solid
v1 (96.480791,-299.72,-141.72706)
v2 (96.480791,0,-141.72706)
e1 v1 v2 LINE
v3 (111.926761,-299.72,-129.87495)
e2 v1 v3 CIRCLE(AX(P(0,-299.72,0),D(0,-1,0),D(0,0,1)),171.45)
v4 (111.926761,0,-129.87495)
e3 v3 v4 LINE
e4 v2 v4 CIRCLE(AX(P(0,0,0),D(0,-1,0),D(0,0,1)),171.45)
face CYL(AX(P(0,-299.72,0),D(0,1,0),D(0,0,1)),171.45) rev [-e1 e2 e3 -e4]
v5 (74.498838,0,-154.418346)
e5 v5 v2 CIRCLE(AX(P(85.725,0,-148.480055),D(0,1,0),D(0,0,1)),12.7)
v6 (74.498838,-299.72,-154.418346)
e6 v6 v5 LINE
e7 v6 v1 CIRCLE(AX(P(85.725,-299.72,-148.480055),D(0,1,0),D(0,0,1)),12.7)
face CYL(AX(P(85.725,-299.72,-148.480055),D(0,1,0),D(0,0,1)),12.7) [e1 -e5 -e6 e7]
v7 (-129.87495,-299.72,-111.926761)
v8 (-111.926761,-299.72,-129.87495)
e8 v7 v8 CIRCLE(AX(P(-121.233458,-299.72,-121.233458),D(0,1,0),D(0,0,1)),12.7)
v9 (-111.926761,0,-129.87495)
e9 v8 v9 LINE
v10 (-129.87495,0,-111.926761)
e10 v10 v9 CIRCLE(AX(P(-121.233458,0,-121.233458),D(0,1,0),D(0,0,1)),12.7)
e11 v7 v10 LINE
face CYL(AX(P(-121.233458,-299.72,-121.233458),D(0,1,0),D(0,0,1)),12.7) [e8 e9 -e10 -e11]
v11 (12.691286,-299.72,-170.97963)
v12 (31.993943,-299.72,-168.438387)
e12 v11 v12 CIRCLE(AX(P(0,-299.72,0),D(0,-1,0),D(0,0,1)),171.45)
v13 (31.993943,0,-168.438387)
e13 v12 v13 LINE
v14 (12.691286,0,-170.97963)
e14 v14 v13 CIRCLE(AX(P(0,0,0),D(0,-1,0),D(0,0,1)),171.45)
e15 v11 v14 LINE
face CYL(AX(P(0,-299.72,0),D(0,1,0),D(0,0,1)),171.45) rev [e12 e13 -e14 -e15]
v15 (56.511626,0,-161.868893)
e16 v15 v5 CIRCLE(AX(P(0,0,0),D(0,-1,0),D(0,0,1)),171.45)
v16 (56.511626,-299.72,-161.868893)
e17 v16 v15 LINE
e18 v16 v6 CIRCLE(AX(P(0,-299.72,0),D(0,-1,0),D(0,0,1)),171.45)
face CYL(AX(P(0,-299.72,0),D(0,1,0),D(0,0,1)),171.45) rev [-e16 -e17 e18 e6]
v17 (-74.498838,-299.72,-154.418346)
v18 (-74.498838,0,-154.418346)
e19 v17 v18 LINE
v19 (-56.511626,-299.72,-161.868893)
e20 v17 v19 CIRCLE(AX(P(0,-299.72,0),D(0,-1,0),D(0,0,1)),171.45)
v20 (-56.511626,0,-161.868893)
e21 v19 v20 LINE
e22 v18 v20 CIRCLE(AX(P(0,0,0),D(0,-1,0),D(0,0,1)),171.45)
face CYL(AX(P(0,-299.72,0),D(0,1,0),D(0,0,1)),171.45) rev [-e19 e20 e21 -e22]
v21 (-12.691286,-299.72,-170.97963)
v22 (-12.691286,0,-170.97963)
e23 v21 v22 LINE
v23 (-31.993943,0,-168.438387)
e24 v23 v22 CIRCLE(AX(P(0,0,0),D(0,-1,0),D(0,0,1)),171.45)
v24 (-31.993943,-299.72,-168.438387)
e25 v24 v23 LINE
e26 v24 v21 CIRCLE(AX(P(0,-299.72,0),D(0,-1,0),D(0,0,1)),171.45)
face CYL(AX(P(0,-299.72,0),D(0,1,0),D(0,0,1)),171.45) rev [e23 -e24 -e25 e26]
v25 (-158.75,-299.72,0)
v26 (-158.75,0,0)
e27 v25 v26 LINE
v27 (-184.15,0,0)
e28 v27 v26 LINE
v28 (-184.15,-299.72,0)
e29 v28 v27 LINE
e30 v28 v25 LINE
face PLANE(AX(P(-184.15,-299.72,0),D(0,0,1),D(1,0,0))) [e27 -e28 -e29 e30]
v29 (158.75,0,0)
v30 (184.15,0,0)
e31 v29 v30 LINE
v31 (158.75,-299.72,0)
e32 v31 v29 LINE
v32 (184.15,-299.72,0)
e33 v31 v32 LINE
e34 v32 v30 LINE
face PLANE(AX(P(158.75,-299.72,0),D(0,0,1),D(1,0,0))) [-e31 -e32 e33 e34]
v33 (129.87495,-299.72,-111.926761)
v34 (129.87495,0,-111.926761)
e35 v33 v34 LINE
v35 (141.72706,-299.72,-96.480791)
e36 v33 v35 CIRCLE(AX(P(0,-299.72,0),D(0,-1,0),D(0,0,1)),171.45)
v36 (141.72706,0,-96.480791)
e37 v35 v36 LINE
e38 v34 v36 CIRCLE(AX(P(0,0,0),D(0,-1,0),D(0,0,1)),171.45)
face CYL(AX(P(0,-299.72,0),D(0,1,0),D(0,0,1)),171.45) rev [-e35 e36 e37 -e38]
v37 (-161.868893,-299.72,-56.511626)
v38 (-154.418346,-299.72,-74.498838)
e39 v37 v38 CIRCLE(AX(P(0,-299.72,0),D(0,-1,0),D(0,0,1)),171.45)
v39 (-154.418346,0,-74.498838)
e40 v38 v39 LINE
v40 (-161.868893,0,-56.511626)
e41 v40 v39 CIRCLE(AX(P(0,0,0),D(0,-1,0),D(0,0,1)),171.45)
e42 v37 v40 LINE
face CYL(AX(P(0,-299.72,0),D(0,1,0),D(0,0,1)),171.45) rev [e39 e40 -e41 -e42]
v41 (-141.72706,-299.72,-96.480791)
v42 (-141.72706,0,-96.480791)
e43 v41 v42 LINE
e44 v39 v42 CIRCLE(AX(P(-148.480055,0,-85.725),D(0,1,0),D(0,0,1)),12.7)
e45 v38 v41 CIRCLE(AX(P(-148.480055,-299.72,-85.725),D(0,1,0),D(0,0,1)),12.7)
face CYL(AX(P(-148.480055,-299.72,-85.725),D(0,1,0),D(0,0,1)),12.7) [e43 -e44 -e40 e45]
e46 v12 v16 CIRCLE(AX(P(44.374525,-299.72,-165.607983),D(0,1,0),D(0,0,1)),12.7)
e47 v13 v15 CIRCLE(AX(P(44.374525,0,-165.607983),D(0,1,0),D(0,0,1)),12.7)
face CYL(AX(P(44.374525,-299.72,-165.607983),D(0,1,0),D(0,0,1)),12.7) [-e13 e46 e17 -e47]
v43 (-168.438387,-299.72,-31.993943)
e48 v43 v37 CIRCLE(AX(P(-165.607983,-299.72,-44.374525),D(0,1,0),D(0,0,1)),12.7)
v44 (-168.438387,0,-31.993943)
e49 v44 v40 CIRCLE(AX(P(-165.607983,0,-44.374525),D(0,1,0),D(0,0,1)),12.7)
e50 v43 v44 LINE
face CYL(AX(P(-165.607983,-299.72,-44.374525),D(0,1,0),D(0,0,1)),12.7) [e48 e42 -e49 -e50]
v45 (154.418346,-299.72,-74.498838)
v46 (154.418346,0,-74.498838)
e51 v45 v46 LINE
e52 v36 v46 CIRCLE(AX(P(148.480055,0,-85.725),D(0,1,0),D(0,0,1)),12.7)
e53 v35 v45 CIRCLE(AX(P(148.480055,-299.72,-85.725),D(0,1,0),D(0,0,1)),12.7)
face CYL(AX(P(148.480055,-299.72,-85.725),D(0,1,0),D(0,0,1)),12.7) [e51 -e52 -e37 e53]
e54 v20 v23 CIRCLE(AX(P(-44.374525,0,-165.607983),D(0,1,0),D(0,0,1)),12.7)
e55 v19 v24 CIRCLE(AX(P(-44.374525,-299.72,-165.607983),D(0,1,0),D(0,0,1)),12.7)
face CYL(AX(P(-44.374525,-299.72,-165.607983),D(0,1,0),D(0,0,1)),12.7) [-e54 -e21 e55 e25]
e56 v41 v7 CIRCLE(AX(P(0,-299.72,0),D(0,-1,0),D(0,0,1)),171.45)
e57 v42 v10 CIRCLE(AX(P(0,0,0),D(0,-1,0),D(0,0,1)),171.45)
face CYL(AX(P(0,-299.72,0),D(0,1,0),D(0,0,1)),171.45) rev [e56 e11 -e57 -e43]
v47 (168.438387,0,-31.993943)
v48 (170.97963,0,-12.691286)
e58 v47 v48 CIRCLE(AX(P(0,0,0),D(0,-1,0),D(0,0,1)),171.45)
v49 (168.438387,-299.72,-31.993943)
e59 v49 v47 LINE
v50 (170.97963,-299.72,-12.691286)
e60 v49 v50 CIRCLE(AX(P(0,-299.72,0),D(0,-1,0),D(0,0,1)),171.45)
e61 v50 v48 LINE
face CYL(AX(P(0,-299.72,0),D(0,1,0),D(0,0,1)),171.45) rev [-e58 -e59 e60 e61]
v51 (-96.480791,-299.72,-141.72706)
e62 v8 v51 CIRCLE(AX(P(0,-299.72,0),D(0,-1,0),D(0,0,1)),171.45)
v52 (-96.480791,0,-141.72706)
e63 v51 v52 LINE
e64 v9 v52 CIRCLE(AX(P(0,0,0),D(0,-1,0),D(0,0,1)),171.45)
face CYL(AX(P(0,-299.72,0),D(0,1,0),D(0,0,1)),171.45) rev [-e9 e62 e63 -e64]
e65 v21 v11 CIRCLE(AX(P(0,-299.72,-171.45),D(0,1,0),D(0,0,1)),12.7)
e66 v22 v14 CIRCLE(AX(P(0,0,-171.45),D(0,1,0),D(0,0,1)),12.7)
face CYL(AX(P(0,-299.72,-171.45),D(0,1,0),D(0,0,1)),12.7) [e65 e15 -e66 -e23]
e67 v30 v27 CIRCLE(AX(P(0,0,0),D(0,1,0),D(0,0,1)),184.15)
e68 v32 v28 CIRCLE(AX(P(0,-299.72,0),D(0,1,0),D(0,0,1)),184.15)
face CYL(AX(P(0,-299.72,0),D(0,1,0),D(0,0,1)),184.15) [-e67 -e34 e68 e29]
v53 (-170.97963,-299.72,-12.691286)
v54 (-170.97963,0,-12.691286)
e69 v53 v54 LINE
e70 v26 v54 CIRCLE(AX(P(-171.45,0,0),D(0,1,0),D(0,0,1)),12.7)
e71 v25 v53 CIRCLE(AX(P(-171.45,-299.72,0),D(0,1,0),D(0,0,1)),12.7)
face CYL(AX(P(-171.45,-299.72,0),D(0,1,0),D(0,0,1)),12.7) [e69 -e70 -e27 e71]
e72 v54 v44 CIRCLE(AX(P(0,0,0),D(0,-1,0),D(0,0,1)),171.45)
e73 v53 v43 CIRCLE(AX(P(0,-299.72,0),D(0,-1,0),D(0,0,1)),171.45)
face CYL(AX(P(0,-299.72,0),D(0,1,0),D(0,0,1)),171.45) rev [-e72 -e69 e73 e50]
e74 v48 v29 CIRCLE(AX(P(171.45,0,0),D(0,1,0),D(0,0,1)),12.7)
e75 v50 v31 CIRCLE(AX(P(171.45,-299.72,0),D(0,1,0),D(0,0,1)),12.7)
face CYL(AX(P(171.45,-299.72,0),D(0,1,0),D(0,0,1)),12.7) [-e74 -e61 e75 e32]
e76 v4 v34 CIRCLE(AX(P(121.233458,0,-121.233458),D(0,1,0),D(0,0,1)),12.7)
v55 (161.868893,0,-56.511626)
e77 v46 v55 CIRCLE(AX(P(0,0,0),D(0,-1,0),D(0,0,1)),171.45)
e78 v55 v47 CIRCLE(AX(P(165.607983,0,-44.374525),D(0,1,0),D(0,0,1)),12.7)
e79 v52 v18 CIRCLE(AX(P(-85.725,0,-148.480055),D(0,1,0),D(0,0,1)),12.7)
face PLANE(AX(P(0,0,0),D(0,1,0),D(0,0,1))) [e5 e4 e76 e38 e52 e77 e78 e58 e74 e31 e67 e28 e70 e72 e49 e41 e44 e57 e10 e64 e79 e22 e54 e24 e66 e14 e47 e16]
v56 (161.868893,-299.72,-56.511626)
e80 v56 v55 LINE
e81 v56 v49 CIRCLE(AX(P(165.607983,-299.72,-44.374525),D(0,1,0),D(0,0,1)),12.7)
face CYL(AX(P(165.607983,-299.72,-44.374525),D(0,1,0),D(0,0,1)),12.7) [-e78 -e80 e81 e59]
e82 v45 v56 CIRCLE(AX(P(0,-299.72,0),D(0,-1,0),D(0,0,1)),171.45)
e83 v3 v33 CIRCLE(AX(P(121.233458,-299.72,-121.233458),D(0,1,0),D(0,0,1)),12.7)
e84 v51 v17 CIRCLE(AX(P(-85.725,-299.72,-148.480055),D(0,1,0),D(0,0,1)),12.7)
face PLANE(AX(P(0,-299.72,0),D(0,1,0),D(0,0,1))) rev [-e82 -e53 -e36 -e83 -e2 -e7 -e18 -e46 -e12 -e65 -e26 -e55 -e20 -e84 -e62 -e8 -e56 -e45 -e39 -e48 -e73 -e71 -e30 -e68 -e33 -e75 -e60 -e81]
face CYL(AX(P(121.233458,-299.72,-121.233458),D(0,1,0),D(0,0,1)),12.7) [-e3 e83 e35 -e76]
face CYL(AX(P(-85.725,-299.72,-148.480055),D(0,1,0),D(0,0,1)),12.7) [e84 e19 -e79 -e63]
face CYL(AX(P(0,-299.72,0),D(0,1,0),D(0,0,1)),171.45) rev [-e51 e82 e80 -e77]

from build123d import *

# Parameters (mm, degrees)
BOSS_EXTRUDE1_DEPTH = 299.72


with BuildPart() as part:
    # Sketch1 → Boss-Extrude1 (new body)
    with BuildSketch(Plane(origin=(0, 0, 0), x_dir=(1, 0, 0), z_dir=(0, 1, 0))):
        with BuildLine():
            Line((158.75, 0), (184.15, 0))
            ThreePointArc((184.15, 0), (0, 184.15), (-184.15, 0))
            Line((-184.15, 0), (-158.75, 0))
            ThreePointArc((-158.75, 0), (-162.304954792, 8.812386064), (-170.97962963, 12.691286448))
            ThreePointArc((-170.97962963, 12.691286448), (-169.983221483, 22.378715656), (-168.438386668, 31.993943123))
            ThreePointArc((-168.438386668, 31.993943123), (-153.340724923, 41.08752341), (-161.868893389, 56.511625822))
            ThreePointArc((-161.868893389, 56.511625822), (-158.399145849, 65.611074479), (-154.418346013, 74.498838344))
            ThreePointArc((-154.418346013, 74.498838344), (-137.481532851, 79.375), (-141.727059565, 96.480791286))
            ThreePointArc((-141.727059565, 96.480791286), (-136.020430193, 104.372147004), (-129.874950266, 111.926760846))
            ThreePointArc((-129.874950266, 111.926760846), (-112.253201513, 112.253201513), (-111.926760846, 129.874950266))
            ThreePointArc((-111.926760846, 129.874950266), (-104.372147004, 136.020430193), (-96.480791286, 141.727059565))
            ThreePointArc((-96.480791286, 141.727059565), (-79.375, 137.481532851), (-74.498838344, 154.418346013))
            ThreePointArc((-74.498838344, 154.418346013), (-65.611074479, 158.399145849), (-56.511625822, 161.868893389))
            ThreePointArc((-56.511625822, 161.868893389), (-41.08752341, 153.340724923), (-31.993943123, 168.438386668))
            ThreePointArc((-31.993943123, 168.438386668), (-22.378715656, 169.983221483), (-12.691286448, 170.97962963))
            ThreePointArc((-12.691286448, 170.97962963), (0, 158.75), (12.691286448, 170.97962963))
            ThreePointArc((12.691286448, 170.97962963), (22.378715656, 169.983221483), (31.993943123, 168.438386668))
            ThreePointArc((31.993943123, 168.438386668), (41.08752341, 153.340724923), (56.511625822, 161.868893389))
            ThreePointArc((56.511625822, 161.868893389), (65.611074479, 158.399145849), (74.498838344, 154.418346013))
            ThreePointArc((74.498838344, 154.418346013), (79.375, 137.481532851), (96.480791286, 141.727059565))
            ThreePointArc((96.480791286, 141.727059565), (104.372147004, 136.020430193), (111.926760846, 129.874950266))
            ThreePointArc((111.926760846, 129.874950266), (112.253201513, 112.253201513), (129.874950266, 111.926760846))
            ThreePointArc((129.874950266, 111.926760846), (136.020430193, 104.372147004), (141.727059565, 96.480791286))
            ThreePointArc((141.727059565, 96.480791286), (137.481532851, 79.375), (154.418346013, 74.498838344))
            ThreePointArc((154.418346013, 74.498838344), (158.399145849, 65.611074479), (161.868893389, 56.511625822))
            ThreePointArc((161.868893389, 56.511625822), (153.340724923, 41.08752341), (168.438386668, 31.993943123))
            ThreePointArc((168.438386668, 31.993943123), (169.983221483, 22.378715656), (170.97962963, 12.691286448))
            ThreePointArc((170.97962963, 12.691286448), (162.304954792, 8.812386064), (158.75, 0))
        make_face()
    extrude(amount=-BOSS_EXTRUDE1_DEPTH)


solid = part.part
